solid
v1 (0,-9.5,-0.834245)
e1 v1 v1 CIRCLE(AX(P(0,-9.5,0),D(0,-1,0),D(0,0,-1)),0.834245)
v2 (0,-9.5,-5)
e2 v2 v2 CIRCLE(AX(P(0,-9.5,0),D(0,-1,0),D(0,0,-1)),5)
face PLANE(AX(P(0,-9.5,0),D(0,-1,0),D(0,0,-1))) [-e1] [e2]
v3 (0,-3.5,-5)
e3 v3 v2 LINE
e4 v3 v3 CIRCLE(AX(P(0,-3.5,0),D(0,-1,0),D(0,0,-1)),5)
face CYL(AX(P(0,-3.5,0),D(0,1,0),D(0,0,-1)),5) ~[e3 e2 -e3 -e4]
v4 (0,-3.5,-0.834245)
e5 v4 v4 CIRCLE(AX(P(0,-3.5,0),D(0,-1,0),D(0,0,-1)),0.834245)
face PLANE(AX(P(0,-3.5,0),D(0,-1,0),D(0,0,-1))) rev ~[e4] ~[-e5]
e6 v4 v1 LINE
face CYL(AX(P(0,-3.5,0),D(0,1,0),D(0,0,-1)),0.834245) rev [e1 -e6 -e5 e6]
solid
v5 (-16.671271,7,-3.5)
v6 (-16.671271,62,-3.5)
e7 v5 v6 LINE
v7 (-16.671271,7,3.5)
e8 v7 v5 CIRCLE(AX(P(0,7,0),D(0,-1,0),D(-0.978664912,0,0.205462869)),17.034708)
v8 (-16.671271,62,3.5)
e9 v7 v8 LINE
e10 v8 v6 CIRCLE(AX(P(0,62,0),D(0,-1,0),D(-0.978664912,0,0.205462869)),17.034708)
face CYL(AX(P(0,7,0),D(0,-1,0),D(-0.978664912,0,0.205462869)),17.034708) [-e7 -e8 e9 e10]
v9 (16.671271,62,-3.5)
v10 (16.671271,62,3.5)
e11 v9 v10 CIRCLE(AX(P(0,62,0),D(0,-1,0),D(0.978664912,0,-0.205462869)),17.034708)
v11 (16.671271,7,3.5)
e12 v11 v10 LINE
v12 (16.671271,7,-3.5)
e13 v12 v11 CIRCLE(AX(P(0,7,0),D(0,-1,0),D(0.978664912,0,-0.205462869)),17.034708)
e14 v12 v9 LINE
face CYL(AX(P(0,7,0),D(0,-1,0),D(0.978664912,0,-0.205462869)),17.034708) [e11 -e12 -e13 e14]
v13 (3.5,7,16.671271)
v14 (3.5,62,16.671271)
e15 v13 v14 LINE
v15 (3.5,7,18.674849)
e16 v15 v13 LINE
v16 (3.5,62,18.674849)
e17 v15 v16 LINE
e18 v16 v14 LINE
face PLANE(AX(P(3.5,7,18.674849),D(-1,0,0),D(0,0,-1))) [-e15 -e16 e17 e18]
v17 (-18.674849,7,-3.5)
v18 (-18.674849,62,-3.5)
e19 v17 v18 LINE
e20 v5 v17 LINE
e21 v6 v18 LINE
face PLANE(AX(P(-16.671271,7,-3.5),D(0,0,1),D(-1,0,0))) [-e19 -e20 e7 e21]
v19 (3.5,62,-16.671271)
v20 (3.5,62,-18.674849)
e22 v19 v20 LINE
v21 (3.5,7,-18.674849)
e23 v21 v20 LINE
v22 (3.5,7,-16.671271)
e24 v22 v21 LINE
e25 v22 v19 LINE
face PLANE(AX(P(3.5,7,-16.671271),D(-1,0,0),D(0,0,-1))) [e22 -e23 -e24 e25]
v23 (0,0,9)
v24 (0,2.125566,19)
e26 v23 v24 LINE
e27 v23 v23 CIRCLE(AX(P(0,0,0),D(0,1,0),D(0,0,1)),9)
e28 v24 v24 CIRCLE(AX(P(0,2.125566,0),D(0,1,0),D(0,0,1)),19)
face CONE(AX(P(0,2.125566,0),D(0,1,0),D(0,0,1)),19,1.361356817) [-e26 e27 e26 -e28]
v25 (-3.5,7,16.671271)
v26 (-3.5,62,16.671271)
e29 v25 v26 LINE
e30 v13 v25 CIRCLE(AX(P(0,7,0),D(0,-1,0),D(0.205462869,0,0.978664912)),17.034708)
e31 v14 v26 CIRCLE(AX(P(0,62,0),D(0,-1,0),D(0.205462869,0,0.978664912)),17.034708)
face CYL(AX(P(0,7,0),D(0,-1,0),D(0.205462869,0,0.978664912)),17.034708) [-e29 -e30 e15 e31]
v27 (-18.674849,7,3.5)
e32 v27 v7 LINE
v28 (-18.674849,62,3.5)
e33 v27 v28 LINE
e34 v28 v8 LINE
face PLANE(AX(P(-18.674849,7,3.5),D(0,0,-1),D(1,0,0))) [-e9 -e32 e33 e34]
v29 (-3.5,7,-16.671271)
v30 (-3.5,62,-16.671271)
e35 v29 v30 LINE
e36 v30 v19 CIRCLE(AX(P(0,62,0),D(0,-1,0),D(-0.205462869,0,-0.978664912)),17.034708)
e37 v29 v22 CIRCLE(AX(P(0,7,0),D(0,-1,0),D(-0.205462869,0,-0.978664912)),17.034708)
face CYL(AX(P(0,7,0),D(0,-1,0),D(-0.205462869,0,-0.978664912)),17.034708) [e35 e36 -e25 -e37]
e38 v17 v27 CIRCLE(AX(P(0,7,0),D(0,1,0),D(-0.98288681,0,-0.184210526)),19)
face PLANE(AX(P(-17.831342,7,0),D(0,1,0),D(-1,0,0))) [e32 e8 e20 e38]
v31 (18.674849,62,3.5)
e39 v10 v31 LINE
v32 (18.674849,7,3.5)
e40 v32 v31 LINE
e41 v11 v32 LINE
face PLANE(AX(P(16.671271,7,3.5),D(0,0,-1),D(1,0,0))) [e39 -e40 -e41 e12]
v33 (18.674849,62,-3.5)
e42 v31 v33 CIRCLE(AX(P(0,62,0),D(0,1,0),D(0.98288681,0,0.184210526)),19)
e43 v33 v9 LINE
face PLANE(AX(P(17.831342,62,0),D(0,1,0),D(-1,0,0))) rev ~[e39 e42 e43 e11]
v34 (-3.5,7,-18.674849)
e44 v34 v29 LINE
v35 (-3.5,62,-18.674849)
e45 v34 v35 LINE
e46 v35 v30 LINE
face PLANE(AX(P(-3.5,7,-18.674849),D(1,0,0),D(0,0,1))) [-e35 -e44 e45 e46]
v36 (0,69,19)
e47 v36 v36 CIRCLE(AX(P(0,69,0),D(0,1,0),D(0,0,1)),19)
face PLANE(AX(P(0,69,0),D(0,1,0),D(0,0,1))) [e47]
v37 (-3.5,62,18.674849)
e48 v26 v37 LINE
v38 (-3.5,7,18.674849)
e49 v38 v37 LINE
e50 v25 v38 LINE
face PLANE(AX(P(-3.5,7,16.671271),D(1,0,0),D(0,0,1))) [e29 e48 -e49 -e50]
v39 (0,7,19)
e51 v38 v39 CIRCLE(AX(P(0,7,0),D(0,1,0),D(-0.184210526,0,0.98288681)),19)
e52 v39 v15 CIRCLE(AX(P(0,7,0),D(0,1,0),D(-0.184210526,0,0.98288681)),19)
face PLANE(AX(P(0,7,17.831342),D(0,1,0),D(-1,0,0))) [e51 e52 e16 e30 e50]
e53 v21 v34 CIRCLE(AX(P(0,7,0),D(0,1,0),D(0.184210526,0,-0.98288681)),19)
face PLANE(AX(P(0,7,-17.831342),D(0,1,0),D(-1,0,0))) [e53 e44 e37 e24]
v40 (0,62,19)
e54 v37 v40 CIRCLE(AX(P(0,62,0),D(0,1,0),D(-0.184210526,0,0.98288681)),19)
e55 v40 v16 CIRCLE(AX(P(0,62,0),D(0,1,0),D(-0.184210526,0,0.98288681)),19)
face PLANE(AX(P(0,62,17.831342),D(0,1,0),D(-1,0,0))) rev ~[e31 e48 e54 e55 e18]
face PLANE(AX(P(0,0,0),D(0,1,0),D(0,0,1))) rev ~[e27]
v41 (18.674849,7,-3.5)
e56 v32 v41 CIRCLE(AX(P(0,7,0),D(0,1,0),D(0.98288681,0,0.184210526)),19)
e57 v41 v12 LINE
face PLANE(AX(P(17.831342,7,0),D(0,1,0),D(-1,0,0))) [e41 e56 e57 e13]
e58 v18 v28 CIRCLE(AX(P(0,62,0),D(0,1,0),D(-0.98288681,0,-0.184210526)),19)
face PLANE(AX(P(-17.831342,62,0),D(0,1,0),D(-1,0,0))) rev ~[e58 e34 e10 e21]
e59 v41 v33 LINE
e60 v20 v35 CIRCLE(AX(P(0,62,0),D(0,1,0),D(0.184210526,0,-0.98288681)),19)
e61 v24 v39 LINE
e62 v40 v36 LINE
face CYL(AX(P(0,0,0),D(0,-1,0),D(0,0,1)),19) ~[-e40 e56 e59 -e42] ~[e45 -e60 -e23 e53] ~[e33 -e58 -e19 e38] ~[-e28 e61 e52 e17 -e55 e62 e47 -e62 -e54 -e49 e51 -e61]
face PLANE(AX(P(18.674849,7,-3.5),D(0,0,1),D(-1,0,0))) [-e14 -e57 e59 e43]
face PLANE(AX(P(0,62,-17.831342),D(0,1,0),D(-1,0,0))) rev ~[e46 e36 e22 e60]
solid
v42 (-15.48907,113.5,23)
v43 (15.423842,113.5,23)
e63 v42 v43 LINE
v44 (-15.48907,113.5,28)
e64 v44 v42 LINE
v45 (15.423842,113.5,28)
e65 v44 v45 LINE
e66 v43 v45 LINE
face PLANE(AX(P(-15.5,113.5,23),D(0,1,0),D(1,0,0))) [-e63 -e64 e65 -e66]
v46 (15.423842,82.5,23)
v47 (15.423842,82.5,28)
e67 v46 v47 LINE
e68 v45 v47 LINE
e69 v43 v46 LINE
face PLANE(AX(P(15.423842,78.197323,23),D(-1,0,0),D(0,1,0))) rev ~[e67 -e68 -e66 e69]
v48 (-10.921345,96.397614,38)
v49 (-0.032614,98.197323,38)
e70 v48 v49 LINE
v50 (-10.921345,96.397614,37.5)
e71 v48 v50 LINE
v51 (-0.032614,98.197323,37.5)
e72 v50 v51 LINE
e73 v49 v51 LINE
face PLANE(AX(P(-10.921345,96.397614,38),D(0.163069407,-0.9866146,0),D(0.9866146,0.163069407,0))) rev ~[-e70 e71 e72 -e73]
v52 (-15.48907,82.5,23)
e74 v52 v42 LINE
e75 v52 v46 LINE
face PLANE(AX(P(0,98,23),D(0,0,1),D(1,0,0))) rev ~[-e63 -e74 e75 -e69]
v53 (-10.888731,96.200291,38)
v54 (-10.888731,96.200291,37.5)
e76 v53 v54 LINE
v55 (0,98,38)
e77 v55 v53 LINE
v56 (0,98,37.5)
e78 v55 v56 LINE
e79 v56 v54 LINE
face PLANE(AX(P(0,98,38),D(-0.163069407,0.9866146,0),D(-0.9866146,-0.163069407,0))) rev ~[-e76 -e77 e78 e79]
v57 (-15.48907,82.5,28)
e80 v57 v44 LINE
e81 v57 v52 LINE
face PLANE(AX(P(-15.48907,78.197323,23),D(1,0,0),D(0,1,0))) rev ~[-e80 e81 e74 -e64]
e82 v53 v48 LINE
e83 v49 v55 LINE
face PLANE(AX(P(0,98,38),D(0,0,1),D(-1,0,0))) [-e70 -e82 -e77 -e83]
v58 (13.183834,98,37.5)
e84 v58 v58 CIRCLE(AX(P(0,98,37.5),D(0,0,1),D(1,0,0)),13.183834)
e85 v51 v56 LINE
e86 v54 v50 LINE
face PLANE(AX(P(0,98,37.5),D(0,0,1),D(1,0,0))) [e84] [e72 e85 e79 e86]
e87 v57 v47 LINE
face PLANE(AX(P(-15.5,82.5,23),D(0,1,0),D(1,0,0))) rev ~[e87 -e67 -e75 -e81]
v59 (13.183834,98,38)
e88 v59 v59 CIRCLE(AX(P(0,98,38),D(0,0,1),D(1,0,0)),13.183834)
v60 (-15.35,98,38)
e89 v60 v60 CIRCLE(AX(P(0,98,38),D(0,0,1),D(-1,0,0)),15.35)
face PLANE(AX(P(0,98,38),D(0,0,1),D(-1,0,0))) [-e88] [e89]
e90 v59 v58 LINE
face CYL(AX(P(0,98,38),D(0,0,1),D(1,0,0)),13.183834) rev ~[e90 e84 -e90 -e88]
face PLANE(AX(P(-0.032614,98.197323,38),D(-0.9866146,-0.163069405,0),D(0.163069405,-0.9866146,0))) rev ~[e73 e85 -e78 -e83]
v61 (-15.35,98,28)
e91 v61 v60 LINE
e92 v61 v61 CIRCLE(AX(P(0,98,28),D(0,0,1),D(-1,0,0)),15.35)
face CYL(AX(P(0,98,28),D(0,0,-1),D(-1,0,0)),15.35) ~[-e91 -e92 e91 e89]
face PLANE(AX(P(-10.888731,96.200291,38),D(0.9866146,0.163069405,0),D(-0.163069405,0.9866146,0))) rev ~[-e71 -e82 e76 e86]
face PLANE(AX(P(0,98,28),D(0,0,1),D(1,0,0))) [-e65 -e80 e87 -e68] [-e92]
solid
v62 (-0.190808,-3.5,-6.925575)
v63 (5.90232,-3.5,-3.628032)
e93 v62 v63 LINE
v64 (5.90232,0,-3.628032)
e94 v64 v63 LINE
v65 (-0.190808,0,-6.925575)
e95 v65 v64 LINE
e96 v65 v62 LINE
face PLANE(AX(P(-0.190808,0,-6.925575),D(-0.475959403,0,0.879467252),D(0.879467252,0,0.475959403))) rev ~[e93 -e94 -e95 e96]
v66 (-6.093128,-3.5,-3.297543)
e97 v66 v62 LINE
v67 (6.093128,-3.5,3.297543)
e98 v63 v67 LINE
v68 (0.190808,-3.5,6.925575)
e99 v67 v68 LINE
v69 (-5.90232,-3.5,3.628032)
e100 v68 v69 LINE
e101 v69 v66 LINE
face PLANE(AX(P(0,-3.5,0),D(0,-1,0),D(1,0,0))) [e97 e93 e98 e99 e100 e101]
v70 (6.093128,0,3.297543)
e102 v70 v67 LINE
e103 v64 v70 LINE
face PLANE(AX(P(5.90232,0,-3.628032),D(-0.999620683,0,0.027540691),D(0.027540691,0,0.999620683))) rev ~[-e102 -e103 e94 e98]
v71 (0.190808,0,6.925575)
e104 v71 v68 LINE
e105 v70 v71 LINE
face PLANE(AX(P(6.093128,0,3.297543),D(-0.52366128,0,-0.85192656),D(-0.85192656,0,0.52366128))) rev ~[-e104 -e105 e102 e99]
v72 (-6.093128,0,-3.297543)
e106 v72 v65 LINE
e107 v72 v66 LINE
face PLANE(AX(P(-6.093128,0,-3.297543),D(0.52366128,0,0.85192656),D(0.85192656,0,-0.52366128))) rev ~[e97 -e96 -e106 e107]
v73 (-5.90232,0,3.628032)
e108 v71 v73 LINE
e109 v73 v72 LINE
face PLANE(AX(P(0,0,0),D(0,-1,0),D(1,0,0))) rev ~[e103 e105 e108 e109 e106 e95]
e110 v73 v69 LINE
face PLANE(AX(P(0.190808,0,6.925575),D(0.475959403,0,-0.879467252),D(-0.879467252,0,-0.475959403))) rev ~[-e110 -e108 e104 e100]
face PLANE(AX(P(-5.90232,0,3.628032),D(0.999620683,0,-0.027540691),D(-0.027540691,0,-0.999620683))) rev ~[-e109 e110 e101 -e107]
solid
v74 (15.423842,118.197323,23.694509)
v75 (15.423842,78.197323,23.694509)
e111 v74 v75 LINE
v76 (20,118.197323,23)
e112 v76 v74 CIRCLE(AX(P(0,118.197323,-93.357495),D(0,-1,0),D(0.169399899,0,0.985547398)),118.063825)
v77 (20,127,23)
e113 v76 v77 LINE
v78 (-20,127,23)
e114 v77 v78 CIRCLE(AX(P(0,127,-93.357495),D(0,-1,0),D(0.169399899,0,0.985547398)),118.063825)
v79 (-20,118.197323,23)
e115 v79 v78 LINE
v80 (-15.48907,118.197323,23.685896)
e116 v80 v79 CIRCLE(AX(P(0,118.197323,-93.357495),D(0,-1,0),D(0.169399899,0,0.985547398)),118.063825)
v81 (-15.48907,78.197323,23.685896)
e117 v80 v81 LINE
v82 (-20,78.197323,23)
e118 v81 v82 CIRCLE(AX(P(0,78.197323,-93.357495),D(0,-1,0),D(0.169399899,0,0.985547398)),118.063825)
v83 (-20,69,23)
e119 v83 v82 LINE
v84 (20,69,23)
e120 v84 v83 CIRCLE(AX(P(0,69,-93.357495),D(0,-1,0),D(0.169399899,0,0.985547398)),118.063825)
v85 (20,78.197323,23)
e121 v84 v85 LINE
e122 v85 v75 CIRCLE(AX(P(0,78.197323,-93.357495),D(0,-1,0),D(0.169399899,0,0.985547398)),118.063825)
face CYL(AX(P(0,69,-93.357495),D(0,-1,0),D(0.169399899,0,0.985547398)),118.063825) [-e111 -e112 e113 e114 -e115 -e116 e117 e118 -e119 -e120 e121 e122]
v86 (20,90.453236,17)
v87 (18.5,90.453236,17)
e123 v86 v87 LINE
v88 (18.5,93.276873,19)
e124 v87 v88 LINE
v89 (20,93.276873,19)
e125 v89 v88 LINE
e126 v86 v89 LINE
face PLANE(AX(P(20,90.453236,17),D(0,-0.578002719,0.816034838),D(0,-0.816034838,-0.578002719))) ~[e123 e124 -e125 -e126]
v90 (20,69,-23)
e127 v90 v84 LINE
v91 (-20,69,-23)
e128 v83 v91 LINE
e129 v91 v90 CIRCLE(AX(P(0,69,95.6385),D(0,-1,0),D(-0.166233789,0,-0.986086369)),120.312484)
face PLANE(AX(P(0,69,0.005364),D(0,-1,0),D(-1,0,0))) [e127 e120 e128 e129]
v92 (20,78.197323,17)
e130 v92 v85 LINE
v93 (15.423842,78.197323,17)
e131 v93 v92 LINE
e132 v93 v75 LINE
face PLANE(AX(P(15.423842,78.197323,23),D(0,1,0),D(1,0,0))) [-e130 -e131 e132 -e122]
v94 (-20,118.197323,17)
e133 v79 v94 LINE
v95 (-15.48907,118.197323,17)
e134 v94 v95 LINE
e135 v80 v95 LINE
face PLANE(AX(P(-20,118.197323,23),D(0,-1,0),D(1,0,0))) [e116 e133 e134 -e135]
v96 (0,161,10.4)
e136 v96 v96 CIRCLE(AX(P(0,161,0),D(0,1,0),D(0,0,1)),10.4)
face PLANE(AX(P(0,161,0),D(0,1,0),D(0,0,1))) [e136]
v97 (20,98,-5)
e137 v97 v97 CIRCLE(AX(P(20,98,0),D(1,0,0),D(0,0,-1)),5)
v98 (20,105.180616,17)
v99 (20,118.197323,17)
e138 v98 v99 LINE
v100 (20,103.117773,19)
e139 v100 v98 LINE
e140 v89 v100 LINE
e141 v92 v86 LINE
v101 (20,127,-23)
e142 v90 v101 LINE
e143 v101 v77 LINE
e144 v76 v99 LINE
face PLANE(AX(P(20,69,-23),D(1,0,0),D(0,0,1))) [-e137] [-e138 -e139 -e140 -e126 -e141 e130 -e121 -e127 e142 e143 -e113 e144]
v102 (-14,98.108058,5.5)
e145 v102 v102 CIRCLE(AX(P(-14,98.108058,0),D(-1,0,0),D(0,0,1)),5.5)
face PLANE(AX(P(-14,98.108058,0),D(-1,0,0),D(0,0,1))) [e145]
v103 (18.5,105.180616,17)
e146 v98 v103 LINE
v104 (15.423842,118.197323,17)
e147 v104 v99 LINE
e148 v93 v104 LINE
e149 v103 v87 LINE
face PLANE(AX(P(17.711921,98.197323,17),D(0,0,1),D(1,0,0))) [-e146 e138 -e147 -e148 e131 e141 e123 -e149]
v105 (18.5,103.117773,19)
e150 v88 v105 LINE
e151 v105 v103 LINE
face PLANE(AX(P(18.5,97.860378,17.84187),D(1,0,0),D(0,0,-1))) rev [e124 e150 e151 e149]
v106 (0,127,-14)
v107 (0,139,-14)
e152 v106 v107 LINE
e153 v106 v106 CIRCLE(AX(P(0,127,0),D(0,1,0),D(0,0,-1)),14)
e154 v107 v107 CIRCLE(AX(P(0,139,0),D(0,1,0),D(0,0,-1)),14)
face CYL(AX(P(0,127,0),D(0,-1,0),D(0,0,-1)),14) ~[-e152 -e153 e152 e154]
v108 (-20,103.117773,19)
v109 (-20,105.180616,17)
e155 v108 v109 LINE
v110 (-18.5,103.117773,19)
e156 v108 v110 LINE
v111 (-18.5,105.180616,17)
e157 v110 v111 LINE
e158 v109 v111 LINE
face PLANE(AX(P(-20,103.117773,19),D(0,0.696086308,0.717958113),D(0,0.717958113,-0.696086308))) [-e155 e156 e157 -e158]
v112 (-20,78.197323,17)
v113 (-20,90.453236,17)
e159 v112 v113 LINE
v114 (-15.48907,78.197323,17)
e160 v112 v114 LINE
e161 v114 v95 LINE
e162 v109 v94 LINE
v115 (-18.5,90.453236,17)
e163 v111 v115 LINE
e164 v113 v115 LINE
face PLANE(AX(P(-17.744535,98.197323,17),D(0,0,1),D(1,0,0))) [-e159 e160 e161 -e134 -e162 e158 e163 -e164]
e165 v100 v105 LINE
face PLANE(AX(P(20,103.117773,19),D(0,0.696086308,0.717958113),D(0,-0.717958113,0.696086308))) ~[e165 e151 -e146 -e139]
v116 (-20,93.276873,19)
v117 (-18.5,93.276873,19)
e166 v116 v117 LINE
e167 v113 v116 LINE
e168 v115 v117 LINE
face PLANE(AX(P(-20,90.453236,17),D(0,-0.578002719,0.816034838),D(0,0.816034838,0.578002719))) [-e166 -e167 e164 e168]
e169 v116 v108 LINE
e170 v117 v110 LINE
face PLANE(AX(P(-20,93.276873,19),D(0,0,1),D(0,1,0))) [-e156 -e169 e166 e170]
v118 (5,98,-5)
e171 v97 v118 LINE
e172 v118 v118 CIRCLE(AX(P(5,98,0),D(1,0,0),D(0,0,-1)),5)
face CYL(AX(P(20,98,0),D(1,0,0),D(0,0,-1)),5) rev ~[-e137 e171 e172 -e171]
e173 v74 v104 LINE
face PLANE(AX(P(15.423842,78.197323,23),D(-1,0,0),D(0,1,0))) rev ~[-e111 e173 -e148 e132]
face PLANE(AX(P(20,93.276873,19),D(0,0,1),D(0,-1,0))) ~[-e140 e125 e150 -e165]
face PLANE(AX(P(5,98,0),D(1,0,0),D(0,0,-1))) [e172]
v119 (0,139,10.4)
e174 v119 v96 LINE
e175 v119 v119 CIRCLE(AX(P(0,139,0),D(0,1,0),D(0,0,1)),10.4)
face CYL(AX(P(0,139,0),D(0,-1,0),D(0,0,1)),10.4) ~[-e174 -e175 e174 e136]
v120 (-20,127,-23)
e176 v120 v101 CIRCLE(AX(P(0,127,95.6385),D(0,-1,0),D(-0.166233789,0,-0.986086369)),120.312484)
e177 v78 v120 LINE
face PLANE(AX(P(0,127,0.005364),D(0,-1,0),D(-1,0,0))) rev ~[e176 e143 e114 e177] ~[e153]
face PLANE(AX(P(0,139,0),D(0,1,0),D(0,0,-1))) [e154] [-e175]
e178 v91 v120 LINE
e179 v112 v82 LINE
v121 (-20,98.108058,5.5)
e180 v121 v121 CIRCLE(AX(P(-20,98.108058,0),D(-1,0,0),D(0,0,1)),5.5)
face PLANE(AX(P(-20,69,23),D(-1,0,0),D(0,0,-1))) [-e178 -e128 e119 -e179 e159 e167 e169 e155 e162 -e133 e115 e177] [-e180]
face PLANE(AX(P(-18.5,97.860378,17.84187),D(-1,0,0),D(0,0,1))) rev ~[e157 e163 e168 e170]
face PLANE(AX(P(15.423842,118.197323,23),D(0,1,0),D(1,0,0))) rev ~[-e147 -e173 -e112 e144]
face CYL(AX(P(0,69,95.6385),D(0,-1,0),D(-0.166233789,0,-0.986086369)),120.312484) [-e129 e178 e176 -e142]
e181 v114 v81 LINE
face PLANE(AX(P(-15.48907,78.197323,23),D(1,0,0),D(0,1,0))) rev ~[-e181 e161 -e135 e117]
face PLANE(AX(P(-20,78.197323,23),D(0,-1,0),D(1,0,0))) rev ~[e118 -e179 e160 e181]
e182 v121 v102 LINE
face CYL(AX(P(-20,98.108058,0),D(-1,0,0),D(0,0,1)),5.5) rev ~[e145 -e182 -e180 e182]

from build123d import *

# Parameters (mm, degrees)
SKETCH_1_R           = 19
EXTRUDE_1_DEPTH      = 69
CHAMFER_1_SIZE       = 10
CHAMFER_1_SIZE2      = 2.125565617
EXTRUDE_2_DEPTH      = 3.5
SKETCH_3_R           = 5
SKETCH_3_R_2         = 0.834244999
EXTRUDE_3_DEPTH      = 6
EXTRUDE_4_DEPTH      = 58
SKETCH_5_W           = 31
SKETCH_5_H           = 31
EXTRUDE_5_DEPTH      = 5
SKETCH_6_R           = 15.35
EXTRUDE_6_DEPTH      = 10
SKETCH_7_R           = 13.183834188
CUT_EXTRUDE_7_DEPTH  = 0.5
SKETCH_9_R           = 14
EXTRUDE_8_DEPTH      = 12
SKETCH_10_R          = 10.4
EXTRUDE_9_DEPTH      = 22
CUT_EXTRUDE_START    = 55
CUT_EXTRUDE_11_DEPTH = 55
SKETCH_12_W          = 4.576157751
SKETCH_12_H          = 40
SKETCH_12_W_2        = 4.510929988
CUT_EXTRUDE_12_DEPTH = 6
EXTRUDE_13_DEPTH     = 1.5
SKETCH_15_R          = 5.5
CUT_EXTRUDE_14_DEPTH = 6
SKETCH_16_R          = 5
CUT_EXTRUDE_15_DEPTH = 15


with BuildPart() as part:
    # 草图1 → 拉伸1 (new body)
    with BuildSketch(Plane(origin=(0, 0, 0), x_dir=(1, 0, 0), z_dir=(0, 1, 0))):
        with Locations(Location((0, 0, 0), (0, 0, 270))):
            Circle(SKETCH_1_R)
    extrude(amount=EXTRUDE_1_DEPTH)

    # 倒角1
    chamfer_1_edges = [part.edges().sort_by_distance(p)[0] for p in [
        (0, 0, -19),
    ]]
    chamfer_1_side = [part.faces().sort_by_distance(p)[0] for p in [
        (0, 0, 0),
    ]]
    chamfer(chamfer_1_edges, length=CHAMFER_1_SIZE, length2=CHAMFER_1_SIZE2, reference=chamfer_1_side[0])

    # 草图11 → 拉伸11 (cut)
    with BuildSketch(Plane.XZ.offset(-62).offset(CUT_EXTRUDE_START)):
        with BuildLine():
            Line((16.671271122, 3.5), (18.674849397, 3.5))
            ThreePointArc((18.674849397, 3.5), (19, 0), (18.674849397, -3.5))
            Line((18.674849397, -3.5), (16.671271122, -3.5))
            ThreePointArc((16.671271122, -3.5), (17.034708123, 0), (16.671271122, 3.5))
        make_face()
        with BuildLine():
            Line((-3.5, 16.671271122), (-3.5, 18.674849397))
            ThreePointArc((-3.5, 18.674849397), (0, 19), (3.5, 18.674849397))
            Line((3.5, 18.674849397), (3.5, 16.671271122))
            ThreePointArc((3.5, 16.671271122), (0, 17.034708123), (-3.5, 16.671271122))
        make_face()
        with BuildLine():
            Line((3.5, -16.671271122), (3.5, -18.674849397))
            ThreePointArc((3.5, -18.674849397), (0, -19), (-3.5, -18.674849397))
            Line((-3.5, -18.674849397), (-3.5, -16.671271122))
            ThreePointArc((-3.5, -16.671271122), (0, -17.034708123), (3.5, -16.671271122))
        make_face()
        with BuildLine():
            Line((-16.671271122, -3.5), (-18.674849397, -3.5))
            ThreePointArc((-18.674849397, -3.5), (-19, 0), (-18.674849397, 3.5))
            Line((-18.674849397, 3.5), (-16.671271122, 3.5))
            ThreePointArc((-16.671271122, 3.5), (-17.034708123, 0), (-16.671271122, -3.5))
        make_face()
    extrude(amount=-CUT_EXTRUDE_11_DEPTH, mode=Mode.SUBTRACT)


with BuildPart() as body_2:
    # 草图2 → 拉伸2 (new body)
    with BuildSketch(Plane.XZ):
        Polygon((5.902320346, -3.628031772), (6.093127853, 3.297543474), (0.190807508, 6.925575247), (-5.902320346, 3.628031772), (-6.093127853, -3.297543474), (-0.190807508, -6.925575247), align=None)
    extrude(amount=EXTRUDE_2_DEPTH)


with BuildPart() as body_3:
    # 草图3 → 拉伸3 (new body)
    with BuildSketch(Plane.XZ.offset(3.5)):
        with Locations(Location((0, 0, 0), (0, 0, 270))):
            Circle(SKETCH_3_R)
        with Locations(Location((0, 0, 0), (0, 0, 270))):
            Circle(SKETCH_3_R_2, mode=Mode.SUBTRACT)
    extrude(amount=EXTRUDE_3_DEPTH)


with BuildPart() as body_4:
    # 草图4 → 拉伸4 (new body)
    with BuildSketch(Plane(origin=(0, 69, 0), x_dir=(1, 0, 0), z_dir=(0, 1, 0))):
        with BuildLine():
            Line((-20, -23), (-20, 23))
            ThreePointArc((-20, 23), (0, 24.673983482), (20, 23))
            Line((20, 23), (20, -23))
            ThreePointArc((20, -23), (0, -24.706329443), (-20, -23))
        make_face()
    extrude(amount=EXTRUDE_4_DEPTH)

    # 草图9 → 拉伸8 (add)
    with BuildSketch(Plane(origin=(0, 127, 0), x_dir=(1, 0, 0), z_dir=(0, 1, 0))):
        with Locations(Location((0, 0, 0), (0, 0, 90))):
            Circle(SKETCH_9_R)
    extrude(amount=EXTRUDE_8_DEPTH)

    # 草图10 → 拉伸9 (add)
    with BuildSketch(Plane(origin=(0, 139, 0), x_dir=(1, 0, 0), z_dir=(0, 1, 0))):
        with Locations(Location((0, 0, 0), (0, 0, 270))):
            Circle(SKETCH_10_R)
    extrude(amount=EXTRUDE_9_DEPTH)


with BuildPart() as body_5:
    # 草图5 → 拉伸5 (new body)
    with BuildSketch(Plane.XY.offset(23)):
        with Locations((0, 98)):
            Rectangle(SKETCH_5_W, SKETCH_5_H)
    extrude(amount=EXTRUDE_5_DEPTH)

    # 草图6 → 拉伸6 (add)
    with BuildSketch(Plane.XY.offset(28)):
        with Locations(Location((0, 98, 0), (0, 0, 180))):
            Circle(SKETCH_6_R)
    extrude(amount=EXTRUDE_6_DEPTH)

    # 草图7 → 拉伸7 (cut)
    with BuildSketch(Plane.XY.offset(38)):
        with Locations((0, 98)):
            Circle(SKETCH_7_R)
        Polygon((0, 98), (-10.888731231, 96.200291232), (-10.921345112, 96.397614152), (-0.032613881, 98.19732292), align=None, mode=Mode.SUBTRACT)
    extrude(amount=-CUT_EXTRUDE_7_DEPTH, mode=Mode.SUBTRACT)


with BuildPart() as cut_extrude_12_tool:
    # 草图12 → 拉伸12 (new, symmetric)
    with BuildSketch(Plane.XY.offset(23)):
        with Locations((17.711921125, 98.19732292)):
            Rectangle(SKETCH_12_W, SKETCH_12_H)
        with Locations((-17.744535006, 98.19732292)):
            Rectangle(SKETCH_12_W_2, SKETCH_12_H)
    extrude(amount=CUT_EXTRUDE_12_DEPTH, both=True)


with BuildPart() as body_4_1:
    add(body_4.part)

    # 拉伸12: cut by cut_extrude_12_tool
    add(cut_extrude_12_tool.part, mode=Mode.SUBTRACT)

    # 草图14 → 拉伸13 (add)
    with BuildSketch(Plane.ZY.offset(20)):
        Polygon((17, 105.180615559), (17, 90.453235832), (19, 93.276872504), (19, 103.117773336), align=None)
    extrude_13 = extrude(amount=-EXTRUDE_13_DEPTH)

    # 镜向1: 拉伸13 across plane
    add(extrude_13.mirror(Plane(origin=(0, 0, 0), x_dir=(0, 0, 1), z_dir=(1, 0, 0))))

    # 草图15 → 拉伸14 (cut)
    with BuildSketch(Plane.ZY.offset(20)):
        with Locations((0, 98.108057789)):
            Circle(SKETCH_15_R)
    extrude(amount=-CUT_EXTRUDE_14_DEPTH, mode=Mode.SUBTRACT)

    # 草图16 → 拉伸15 (cut)
    with BuildSketch(Plane(origin=(20, 0, 0), x_dir=(0, 0, -1), z_dir=(1, 0, 0))):
        with Locations((0, 98)):
            Circle(SKETCH_16_R)
    extrude(amount=-CUT_EXTRUDE_15_DEPTH, mode=Mode.SUBTRACT)


with BuildPart() as body_5_1:
    add(body_5.part)

    # 拉伸12: cut by cut_extrude_12_tool
    add(cut_extrude_12_tool.part, mode=Mode.SUBTRACT)


solid = Compound([part.part, body_2.part, body_3.part, body_4_1.part, body_5_1.part])
